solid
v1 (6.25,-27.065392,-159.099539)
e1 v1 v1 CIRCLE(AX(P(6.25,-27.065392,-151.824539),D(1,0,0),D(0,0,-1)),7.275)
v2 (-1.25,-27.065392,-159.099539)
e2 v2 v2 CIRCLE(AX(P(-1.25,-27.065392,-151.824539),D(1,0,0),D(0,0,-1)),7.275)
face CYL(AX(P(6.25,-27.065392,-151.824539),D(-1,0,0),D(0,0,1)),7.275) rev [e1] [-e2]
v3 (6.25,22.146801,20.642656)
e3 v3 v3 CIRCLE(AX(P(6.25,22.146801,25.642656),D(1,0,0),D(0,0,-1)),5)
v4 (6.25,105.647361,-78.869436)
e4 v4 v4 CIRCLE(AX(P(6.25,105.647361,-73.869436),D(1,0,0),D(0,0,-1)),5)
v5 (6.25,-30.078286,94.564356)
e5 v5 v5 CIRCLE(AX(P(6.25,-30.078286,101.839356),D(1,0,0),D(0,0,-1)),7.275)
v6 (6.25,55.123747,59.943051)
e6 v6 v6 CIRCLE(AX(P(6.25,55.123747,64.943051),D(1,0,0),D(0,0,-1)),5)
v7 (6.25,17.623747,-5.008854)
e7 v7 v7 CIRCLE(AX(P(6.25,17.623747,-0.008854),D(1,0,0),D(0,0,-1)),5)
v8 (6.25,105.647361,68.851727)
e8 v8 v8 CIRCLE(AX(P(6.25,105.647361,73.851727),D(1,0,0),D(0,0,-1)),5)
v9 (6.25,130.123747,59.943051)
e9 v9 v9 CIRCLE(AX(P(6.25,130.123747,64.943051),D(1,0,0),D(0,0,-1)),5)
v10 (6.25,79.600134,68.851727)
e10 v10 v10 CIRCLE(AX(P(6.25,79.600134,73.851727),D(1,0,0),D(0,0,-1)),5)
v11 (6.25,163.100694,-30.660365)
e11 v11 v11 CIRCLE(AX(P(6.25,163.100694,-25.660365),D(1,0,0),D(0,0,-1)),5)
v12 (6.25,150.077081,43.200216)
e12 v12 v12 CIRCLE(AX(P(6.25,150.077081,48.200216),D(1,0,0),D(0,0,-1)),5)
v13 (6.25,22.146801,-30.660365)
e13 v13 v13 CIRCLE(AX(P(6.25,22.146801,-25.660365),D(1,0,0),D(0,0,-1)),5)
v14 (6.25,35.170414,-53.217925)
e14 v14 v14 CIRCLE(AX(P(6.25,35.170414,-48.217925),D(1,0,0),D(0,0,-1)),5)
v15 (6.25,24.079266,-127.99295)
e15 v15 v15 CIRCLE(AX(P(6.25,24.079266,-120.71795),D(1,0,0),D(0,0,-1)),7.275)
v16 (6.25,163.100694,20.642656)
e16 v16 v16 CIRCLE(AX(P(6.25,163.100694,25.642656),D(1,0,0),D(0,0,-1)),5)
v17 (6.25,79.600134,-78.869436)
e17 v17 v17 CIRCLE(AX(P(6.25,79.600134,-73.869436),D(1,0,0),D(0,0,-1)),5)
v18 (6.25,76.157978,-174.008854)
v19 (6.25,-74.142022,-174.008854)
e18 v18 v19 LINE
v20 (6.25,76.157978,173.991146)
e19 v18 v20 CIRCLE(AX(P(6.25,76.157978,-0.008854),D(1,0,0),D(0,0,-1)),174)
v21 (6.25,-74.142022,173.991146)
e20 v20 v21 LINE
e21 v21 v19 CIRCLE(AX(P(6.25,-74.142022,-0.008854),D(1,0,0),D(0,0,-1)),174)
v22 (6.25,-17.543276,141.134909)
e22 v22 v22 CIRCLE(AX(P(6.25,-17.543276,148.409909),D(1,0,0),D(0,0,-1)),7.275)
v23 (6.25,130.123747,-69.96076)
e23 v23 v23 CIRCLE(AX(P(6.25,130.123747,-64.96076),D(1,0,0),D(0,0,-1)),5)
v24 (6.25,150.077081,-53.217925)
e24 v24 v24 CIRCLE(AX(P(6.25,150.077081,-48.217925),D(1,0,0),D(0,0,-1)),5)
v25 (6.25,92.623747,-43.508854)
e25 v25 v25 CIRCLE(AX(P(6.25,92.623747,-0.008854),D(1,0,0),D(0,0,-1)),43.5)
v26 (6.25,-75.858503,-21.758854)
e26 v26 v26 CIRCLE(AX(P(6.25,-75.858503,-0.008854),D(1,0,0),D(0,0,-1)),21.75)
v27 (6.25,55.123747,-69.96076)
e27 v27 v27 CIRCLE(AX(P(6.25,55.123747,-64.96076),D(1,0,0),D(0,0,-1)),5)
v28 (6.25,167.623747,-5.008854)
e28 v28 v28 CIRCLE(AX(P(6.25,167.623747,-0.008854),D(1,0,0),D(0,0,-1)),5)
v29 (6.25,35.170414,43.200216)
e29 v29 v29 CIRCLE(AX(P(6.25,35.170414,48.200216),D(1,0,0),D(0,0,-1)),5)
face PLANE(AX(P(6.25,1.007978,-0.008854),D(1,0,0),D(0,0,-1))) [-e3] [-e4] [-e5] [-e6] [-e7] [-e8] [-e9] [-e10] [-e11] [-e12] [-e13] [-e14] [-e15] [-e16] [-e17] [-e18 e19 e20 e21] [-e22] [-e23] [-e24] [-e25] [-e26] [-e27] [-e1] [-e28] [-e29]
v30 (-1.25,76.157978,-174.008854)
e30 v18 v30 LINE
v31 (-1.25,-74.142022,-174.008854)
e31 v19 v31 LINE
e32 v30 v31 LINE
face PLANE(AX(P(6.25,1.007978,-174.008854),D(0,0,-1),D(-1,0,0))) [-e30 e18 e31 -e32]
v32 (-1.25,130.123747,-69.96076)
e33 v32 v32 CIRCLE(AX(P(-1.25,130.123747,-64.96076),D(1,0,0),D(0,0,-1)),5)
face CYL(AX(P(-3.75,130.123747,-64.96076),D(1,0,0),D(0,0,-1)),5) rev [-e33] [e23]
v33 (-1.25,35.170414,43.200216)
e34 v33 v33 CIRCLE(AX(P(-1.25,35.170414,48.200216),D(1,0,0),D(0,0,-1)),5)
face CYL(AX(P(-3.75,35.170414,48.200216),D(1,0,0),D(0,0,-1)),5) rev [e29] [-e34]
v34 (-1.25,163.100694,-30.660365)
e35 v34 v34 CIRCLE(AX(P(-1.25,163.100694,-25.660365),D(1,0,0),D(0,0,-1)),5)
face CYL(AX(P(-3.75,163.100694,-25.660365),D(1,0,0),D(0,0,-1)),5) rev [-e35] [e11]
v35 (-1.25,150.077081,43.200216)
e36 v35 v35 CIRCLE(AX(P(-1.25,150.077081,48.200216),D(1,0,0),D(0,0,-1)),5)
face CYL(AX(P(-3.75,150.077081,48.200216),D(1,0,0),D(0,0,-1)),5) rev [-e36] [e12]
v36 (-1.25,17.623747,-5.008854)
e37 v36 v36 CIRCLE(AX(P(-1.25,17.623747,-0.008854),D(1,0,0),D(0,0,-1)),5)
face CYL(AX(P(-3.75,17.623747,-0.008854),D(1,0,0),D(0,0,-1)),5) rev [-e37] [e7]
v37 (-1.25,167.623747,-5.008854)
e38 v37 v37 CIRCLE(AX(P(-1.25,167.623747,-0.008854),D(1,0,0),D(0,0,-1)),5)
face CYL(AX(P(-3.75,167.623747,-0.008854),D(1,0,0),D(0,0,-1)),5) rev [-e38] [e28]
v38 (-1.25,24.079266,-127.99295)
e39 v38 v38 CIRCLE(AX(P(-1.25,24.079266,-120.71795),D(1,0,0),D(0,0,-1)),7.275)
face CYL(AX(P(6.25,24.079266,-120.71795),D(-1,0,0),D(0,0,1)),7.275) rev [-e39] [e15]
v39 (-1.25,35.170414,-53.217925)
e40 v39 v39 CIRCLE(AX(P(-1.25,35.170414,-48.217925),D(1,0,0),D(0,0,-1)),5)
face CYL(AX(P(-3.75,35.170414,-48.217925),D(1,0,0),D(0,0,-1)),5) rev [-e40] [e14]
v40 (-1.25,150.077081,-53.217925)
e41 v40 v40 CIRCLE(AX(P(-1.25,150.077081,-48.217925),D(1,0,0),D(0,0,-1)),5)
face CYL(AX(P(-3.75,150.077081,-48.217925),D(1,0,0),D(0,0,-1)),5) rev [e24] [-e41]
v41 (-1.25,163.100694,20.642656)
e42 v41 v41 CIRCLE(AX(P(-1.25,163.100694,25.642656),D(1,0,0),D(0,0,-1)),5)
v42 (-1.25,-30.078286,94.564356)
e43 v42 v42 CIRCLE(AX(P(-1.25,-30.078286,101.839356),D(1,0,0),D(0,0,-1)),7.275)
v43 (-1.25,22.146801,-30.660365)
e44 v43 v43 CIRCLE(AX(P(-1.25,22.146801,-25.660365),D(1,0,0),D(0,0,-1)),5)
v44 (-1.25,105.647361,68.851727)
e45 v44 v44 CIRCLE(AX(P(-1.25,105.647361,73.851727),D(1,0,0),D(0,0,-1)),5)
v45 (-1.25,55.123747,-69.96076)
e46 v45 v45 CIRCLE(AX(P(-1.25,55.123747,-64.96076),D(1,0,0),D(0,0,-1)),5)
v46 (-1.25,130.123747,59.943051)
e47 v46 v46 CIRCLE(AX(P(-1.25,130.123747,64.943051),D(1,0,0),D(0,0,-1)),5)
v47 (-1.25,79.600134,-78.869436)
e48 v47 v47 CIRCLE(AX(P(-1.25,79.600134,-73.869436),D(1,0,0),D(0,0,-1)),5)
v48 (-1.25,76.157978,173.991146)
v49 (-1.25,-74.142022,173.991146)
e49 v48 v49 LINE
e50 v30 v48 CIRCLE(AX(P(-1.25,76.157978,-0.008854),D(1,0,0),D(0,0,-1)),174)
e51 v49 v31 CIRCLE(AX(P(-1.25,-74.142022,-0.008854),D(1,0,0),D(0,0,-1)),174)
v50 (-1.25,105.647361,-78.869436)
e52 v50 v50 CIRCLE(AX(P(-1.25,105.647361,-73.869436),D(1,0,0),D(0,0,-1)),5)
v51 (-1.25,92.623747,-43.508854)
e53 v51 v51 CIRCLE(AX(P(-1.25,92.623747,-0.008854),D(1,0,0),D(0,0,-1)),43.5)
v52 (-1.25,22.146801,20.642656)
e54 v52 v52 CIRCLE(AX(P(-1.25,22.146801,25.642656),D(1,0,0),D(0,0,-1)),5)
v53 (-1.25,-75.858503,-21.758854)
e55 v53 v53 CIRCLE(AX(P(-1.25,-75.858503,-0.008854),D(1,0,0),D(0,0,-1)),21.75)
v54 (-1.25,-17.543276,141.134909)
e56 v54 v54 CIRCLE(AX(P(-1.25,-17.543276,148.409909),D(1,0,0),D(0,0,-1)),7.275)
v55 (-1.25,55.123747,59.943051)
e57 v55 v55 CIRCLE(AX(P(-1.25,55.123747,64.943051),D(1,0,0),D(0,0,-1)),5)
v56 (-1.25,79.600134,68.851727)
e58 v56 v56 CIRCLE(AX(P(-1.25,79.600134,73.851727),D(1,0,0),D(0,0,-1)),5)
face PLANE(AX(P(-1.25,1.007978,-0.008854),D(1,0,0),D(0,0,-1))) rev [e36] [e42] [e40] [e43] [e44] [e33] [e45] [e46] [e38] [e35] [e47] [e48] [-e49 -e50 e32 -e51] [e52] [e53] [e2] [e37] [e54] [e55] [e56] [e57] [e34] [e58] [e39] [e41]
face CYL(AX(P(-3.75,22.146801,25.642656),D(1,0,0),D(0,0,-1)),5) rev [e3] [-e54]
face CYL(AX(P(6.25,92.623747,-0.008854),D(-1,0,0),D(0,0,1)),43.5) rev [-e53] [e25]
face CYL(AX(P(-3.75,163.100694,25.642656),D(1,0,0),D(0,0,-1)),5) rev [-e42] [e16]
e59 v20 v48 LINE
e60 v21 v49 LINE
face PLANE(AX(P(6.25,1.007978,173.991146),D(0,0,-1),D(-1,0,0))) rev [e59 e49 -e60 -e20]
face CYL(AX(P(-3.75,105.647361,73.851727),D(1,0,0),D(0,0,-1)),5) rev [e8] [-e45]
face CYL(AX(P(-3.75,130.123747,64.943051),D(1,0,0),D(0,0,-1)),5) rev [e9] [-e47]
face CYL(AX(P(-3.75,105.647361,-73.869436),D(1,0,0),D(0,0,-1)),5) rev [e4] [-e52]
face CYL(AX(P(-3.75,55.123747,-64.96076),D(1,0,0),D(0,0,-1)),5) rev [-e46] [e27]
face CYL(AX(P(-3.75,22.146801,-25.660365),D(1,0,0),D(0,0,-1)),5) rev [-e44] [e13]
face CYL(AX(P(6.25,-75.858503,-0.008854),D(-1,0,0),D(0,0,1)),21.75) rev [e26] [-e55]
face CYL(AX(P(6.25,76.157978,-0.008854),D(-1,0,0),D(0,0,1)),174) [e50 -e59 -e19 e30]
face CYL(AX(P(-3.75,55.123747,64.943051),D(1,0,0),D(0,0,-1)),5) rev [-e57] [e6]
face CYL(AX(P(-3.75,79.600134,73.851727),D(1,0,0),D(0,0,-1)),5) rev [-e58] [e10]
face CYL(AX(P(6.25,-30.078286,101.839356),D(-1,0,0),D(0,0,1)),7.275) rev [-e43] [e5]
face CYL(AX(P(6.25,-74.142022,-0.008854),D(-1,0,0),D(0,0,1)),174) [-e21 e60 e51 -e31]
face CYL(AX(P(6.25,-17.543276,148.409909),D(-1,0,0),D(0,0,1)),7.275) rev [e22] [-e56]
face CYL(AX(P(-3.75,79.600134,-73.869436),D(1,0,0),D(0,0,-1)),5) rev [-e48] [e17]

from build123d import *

# Parameters (mm, degrees)
SKETCH1_R           = 29
SKETCH1_R_2         = 14.5
SKETCH1_R_3         = 4.85
BOSS_EXTRUDE1_DEPTH = 5
SCALE1_SCALE        = 1.5
SKETCH2_R           = 5
CUT_EXTRUDE1_DEPTH  = 10


with BuildPart() as part:
    # Sketch1 → Boss-Extrude1 (new body)
    with BuildSketch(Plane(origin=(0, 0, 0), x_dir=(0, 0, -1), z_dir=(1, 0, 0))):
        with BuildLine():
            Line((116, 50.1), (116, -50.1))
            ThreePointArc((116, -50.1), (0, -166.1), (-116, -50.1))
            Line((-116, -50.1), (-116, 50.1))
            ThreePointArc((-116, 50.1), (0, 166.1), (116, 50.1))
        make_face()
        with Locations((0, 61.077179293)):
            Circle(SKETCH1_R, mode=Mode.SUBTRACT)
        with Locations((0, -51.244320707)):
            Circle(SKETCH1_R_2, mode=Mode.SUBTRACT)
        with Locations((80.472730607, 15.380858581)):
            Circle(SKETCH1_R_3, mode=Mode.SUBTRACT)
        with Locations((101.210456573, -18.715580545)):
            Circle(SKETCH1_R_3, mode=Mode.SUBTRACT)
        with Locations((-67.898806967, -20.724176458)):
            Circle(SKETCH1_R_3, mode=Mode.SUBTRACT)
        with Locations((-98.945842281, -12.367503179)):
            Circle(SKETCH1_R_3, mode=Mode.SUBTRACT)
    extrude(amount=BOSS_EXTRUDE1_DEPTH)


with BuildPart() as part_1:
    # Scale1: scaled about (2.5, -2.015956771, 0.017708556)
    add(part.part.scale(SCALE1_SCALE).moved(Location((-1.25, 1.007978385, -0.008854278))))

    # Sketch2 → Cut-Extrude1 (cut)
    with BuildSketch(Plane(origin=(6.25, 0, 0), x_dir=(0, 0, -1), z_dir=(1, 0, 0))):
        with Locations((0.008854278, 167.623747325)):
            Circle(SKETCH2_R)
        with Locations((25.660365027, 163.100693884)):
            Circle(SKETCH2_R)
        with Locations((48.217925004, 150.077080559)):
            Circle(SKETCH2_R)
        with Locations((64.960759562, 130.123747325)):
            Circle(SKETCH2_R)
        with Locations((73.869435754, 105.64736065)):
            Circle(SKETCH2_R)
        with Locations((73.869435754, 79.600134)):
            Circle(SKETCH2_R)
        with Locations((64.960759562, 55.123747325)):
            Circle(SKETCH2_R)
        with Locations((48.217925004, 35.170414091)):
            Circle(SKETCH2_R)
        with Locations((25.660365027, 22.146800766)):
            Circle(SKETCH2_R)
        with Locations((0.008854278, 17.623747325)):
            Circle(SKETCH2_R)
        with Locations((-25.642656472, 22.146800766)):
            Circle(SKETCH2_R)
        with Locations((-48.200216449, 35.170414091)):
            Circle(SKETCH2_R)
        with Locations((-64.943051006, 55.123747325)):
            Circle(SKETCH2_R)
        with Locations((-73.851727198, 79.600134)):
            Circle(SKETCH2_R)
        with Locations((-73.851727198, 105.64736065)):
            Circle(SKETCH2_R)
        with Locations((-64.943051006, 130.123747325)):
            Circle(SKETCH2_R)
        with Locations((-48.200216449, 150.077080559)):
            Circle(SKETCH2_R)
        with Locations((-25.642656472, 163.100693884)):
            Circle(SKETCH2_R)
    extrude(amount=-CUT_EXTRUDE1_DEPTH, mode=Mode.SUBTRACT)


solid = part_1.part
